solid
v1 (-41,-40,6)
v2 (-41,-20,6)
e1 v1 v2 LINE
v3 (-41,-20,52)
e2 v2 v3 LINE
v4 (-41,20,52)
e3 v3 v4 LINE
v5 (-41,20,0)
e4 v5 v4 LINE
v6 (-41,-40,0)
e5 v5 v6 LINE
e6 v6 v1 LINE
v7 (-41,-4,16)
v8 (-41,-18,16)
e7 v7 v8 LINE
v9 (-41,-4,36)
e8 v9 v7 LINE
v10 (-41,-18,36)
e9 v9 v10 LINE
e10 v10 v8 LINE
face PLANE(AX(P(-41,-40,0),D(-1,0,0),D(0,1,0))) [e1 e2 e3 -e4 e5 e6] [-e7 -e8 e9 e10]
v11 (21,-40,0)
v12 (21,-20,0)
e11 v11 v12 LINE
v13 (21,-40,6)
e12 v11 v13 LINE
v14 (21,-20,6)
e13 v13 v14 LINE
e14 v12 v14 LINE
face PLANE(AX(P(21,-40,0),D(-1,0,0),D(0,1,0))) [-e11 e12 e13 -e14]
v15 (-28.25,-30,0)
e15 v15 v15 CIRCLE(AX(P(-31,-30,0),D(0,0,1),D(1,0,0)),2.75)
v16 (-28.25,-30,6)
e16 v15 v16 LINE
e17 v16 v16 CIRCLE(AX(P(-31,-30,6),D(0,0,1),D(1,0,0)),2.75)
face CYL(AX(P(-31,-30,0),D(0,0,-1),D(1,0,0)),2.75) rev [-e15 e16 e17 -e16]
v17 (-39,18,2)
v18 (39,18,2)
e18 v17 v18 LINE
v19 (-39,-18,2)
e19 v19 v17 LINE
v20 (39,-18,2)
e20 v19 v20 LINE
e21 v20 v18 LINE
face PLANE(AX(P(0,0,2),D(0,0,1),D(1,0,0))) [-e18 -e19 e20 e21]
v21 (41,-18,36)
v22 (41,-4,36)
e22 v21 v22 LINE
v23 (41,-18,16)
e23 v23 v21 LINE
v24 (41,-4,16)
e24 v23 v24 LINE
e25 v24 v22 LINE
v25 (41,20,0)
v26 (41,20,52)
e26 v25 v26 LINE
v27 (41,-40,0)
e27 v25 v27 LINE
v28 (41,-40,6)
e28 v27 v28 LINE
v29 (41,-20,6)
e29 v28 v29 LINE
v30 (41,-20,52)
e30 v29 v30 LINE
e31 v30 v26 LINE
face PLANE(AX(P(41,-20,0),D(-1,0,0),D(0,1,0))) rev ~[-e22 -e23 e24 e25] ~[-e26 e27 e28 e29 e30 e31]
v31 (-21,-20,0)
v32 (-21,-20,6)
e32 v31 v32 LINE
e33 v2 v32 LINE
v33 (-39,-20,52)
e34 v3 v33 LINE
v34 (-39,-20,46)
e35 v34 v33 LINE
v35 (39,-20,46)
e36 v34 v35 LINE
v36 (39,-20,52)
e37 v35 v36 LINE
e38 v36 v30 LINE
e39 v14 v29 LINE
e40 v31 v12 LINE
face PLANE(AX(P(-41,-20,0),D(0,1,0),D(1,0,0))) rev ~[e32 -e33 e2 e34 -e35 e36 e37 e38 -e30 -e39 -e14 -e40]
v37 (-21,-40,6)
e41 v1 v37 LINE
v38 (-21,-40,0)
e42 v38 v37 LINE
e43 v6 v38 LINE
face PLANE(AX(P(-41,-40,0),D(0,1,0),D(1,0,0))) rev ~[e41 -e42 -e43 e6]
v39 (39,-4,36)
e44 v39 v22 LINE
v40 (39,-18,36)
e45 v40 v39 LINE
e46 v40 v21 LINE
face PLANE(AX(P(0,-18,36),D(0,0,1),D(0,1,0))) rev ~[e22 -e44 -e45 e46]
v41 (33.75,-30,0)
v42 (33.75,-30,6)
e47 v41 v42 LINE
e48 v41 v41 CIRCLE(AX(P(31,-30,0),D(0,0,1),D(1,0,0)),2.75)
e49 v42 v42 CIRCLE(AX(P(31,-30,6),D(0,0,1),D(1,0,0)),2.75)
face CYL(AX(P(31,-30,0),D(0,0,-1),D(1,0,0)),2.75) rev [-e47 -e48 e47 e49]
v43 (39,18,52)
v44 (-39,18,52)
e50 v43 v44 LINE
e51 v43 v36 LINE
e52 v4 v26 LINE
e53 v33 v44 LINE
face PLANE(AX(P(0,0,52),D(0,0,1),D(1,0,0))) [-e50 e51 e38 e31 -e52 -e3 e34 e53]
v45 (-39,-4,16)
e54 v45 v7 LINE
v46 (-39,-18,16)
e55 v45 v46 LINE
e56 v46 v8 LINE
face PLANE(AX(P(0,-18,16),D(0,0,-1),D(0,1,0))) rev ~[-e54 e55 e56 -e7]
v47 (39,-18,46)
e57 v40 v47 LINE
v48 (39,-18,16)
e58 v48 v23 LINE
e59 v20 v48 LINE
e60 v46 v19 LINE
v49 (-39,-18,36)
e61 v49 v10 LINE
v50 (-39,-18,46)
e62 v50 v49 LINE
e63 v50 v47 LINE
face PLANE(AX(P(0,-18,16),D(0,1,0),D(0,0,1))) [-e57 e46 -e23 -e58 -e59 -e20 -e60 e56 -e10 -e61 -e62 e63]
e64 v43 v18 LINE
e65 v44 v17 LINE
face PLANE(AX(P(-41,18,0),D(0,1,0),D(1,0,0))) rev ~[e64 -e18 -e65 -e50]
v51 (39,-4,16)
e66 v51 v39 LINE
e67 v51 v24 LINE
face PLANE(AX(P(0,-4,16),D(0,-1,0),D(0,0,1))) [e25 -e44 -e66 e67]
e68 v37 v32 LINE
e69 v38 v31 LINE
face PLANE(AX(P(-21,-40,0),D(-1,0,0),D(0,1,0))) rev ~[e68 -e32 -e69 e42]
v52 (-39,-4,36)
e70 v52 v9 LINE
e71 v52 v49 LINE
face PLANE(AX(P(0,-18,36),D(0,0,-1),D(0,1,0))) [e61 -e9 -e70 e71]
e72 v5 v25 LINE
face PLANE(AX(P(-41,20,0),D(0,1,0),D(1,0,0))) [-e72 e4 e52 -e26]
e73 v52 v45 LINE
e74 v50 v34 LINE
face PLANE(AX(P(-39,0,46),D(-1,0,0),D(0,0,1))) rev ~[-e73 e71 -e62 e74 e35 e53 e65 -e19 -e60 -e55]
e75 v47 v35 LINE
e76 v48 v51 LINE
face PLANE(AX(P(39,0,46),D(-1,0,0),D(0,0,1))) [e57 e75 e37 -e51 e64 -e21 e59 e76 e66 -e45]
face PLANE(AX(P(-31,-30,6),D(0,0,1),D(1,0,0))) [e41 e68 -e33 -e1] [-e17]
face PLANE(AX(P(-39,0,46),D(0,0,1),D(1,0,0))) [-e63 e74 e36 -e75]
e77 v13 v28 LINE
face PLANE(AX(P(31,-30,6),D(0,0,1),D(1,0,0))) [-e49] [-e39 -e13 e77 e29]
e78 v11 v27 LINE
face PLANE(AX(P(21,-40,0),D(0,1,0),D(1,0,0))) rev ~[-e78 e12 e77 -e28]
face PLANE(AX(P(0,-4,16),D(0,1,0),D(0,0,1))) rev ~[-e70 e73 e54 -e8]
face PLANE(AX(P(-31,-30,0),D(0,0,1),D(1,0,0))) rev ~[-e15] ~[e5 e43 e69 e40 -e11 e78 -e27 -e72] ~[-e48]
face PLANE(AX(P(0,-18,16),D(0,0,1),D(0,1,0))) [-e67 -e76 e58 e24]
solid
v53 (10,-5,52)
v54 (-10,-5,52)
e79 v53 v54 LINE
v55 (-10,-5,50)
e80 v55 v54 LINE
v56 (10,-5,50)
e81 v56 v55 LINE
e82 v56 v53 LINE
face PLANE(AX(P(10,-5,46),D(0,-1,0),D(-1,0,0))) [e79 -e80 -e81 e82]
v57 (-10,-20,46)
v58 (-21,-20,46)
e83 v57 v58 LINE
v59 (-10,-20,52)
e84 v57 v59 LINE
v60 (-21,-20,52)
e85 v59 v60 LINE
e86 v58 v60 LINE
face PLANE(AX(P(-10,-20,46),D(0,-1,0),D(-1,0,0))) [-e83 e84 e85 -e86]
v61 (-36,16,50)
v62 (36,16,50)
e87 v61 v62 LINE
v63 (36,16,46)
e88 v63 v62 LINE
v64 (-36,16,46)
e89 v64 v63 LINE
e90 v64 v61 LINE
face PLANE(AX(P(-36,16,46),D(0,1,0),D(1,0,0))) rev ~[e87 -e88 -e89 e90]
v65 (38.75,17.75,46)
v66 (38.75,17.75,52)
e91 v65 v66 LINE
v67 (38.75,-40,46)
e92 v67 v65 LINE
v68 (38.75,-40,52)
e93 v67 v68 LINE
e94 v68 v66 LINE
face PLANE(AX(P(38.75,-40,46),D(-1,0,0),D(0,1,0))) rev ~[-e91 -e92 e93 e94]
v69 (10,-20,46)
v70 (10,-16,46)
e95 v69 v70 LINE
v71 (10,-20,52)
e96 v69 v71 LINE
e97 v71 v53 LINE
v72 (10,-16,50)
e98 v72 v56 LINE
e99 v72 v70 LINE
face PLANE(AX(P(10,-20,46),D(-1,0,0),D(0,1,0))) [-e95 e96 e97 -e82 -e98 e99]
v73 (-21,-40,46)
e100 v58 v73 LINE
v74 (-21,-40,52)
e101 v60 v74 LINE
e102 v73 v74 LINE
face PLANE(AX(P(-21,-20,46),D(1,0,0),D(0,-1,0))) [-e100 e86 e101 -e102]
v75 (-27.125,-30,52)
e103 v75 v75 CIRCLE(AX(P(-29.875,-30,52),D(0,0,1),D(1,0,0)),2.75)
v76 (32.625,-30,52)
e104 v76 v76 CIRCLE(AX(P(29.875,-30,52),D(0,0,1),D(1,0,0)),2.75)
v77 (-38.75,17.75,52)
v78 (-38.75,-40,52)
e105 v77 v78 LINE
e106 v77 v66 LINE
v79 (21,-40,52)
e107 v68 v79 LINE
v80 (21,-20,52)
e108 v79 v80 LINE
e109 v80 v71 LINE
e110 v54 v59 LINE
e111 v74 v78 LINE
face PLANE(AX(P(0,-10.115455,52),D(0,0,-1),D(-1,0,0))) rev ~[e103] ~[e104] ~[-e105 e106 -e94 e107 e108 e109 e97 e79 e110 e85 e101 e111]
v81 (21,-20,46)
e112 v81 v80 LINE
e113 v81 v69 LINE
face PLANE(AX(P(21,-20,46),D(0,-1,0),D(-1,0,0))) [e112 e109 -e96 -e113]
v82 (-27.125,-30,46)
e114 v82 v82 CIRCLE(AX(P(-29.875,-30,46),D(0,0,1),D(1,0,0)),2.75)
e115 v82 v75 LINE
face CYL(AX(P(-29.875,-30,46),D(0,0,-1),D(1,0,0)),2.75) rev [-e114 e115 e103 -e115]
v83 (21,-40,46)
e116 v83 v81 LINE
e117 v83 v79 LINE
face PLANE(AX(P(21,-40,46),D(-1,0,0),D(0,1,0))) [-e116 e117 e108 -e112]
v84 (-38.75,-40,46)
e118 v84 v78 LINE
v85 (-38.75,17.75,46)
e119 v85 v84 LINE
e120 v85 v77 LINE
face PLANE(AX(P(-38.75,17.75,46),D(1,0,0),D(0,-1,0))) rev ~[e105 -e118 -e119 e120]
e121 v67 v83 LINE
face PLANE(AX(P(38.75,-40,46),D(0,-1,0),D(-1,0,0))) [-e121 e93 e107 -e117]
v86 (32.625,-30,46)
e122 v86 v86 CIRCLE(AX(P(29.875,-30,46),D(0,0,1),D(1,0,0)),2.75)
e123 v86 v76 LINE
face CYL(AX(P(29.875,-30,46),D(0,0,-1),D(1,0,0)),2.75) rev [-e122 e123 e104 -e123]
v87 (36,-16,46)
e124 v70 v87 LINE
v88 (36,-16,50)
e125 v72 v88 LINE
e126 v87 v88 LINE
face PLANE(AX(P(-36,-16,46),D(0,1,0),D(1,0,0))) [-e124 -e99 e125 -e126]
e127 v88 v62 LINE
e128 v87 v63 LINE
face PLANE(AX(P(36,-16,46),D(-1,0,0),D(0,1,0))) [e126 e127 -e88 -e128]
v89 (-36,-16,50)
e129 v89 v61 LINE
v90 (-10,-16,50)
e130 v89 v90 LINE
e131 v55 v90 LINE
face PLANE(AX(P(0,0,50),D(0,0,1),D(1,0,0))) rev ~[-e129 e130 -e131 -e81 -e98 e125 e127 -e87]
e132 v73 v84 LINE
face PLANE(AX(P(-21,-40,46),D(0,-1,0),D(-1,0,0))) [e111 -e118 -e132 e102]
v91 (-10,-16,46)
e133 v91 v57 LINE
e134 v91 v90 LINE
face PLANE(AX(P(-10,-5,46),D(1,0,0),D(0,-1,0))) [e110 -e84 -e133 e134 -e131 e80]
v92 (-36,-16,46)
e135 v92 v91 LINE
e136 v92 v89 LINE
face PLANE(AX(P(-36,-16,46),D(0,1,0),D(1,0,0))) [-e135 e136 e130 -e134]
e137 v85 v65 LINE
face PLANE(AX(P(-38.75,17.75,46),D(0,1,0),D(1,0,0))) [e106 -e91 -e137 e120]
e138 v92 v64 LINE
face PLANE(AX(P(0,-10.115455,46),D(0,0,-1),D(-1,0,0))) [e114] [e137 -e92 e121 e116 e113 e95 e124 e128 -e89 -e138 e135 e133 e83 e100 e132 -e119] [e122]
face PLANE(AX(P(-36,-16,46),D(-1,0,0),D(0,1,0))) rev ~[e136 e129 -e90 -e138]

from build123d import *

# Parameters (mm, degrees)
SKETCH_W          = 82
SKETCH_H          = 40
PAD_DEPTH         = 52
THICKNESS_T       = -2
SKETCH001_W       = 20
SKETCH001_H       = 20
SKETCH001_R       = 2.75
PAD001_DEPTH      = 6
SKETCH002_W       = 14
SKETCH002_H       = 20
POCKET_DEPTH      = 41.001
POCKET_DEPTH_BACK = 41.001
SKETCH003_W       = 78
SKETCH003_H       = 10
POCKET001_DEPTH   = 40.001
SKETCH004_R       = 2.75
PAD002_DEPTH      = 6
SKETCH005_W       = 72
SKETCH005_H       = 32
POCKET002_DEPTH   = 4


with BuildPart() as box:
    # Sketch → Pad (new body)
    with BuildSketch(Plane.XY):
        Rectangle(SKETCH_W, SKETCH_H)
    extrude(amount=PAD_DEPTH)

    # Thickness
    thickness_openings = [box.faces().sort_by_distance(p)[0] for p in [
        (0, 0, 52),
    ]]
    offset(amount=THICKNESS_T, openings=thickness_openings, kind=Kind.INTERSECTION)

    # Sketch001 → Pad001 (join)
    with BuildSketch(Plane.XY):
        with Locations((-31, -30)):
            Rectangle(SKETCH001_W, SKETCH001_H)
        with Locations((-31, -30)):
            Circle(SKETCH001_R, mode=Mode.SUBTRACT)
        with Locations((31, -30)):
            Rectangle(SKETCH001_W, SKETCH001_H)
        with Locations((31, -30)):
            Circle(SKETCH001_R, mode=Mode.SUBTRACT)
    extrude(amount=PAD001_DEPTH)

    # Sketch002 → Pocket (cut, two sides)
    with BuildSketch(Plane.YZ) as pocket_sk:
        with Locations((-11, 26)):
            Rectangle(SKETCH002_W, SKETCH002_H)
    extrude(amount=-POCKET_DEPTH, mode=Mode.SUBTRACT)
    extrude(pocket_sk.sketch, amount=POCKET_DEPTH_BACK, mode=Mode.SUBTRACT)

    # Sketch003 → Pocket001 (cut, through all)
    with BuildSketch(Plane.XZ):
        with Locations((0, 51)):
            Rectangle(SKETCH003_W, SKETCH003_H)
    extrude(amount=POCKET001_DEPTH, mode=Mode.SUBTRACT)


with BuildPart() as lid:
    # Sketch004 → Pad002 (new body)
    with BuildSketch(Plane.XY):
        Polygon((-38.75, 17.75), (38.75, 17.75), (38.75, -17.75), (38.75, -40), (21, -40), (21, -20), (10, -20), (10, -5), (-10, -5), (-10, -20), (-21, -20), (-21, -40), (-38.75, -40), (-38.75, -17.75), align=None)
        with Locations((-29.875, -30)):
            Circle(SKETCH004_R, mode=Mode.SUBTRACT)
        with Locations((29.875, -30)):
            Circle(SKETCH004_R, mode=Mode.SUBTRACT)
    extrude(amount=PAD002_DEPTH)

    # Sketch005 → Pocket002 (cut)
    with BuildSketch(Plane.XY):
        Rectangle(SKETCH005_W, SKETCH005_H)
    extrude(amount=POCKET002_DEPTH, mode=Mode.SUBTRACT)


with BuildPart() as lid_1:
    # Body001 placement: moved
    add(lid.part.moved(Location((0, 0, 46))))


solid = Compound([box.part, lid_1.part])
